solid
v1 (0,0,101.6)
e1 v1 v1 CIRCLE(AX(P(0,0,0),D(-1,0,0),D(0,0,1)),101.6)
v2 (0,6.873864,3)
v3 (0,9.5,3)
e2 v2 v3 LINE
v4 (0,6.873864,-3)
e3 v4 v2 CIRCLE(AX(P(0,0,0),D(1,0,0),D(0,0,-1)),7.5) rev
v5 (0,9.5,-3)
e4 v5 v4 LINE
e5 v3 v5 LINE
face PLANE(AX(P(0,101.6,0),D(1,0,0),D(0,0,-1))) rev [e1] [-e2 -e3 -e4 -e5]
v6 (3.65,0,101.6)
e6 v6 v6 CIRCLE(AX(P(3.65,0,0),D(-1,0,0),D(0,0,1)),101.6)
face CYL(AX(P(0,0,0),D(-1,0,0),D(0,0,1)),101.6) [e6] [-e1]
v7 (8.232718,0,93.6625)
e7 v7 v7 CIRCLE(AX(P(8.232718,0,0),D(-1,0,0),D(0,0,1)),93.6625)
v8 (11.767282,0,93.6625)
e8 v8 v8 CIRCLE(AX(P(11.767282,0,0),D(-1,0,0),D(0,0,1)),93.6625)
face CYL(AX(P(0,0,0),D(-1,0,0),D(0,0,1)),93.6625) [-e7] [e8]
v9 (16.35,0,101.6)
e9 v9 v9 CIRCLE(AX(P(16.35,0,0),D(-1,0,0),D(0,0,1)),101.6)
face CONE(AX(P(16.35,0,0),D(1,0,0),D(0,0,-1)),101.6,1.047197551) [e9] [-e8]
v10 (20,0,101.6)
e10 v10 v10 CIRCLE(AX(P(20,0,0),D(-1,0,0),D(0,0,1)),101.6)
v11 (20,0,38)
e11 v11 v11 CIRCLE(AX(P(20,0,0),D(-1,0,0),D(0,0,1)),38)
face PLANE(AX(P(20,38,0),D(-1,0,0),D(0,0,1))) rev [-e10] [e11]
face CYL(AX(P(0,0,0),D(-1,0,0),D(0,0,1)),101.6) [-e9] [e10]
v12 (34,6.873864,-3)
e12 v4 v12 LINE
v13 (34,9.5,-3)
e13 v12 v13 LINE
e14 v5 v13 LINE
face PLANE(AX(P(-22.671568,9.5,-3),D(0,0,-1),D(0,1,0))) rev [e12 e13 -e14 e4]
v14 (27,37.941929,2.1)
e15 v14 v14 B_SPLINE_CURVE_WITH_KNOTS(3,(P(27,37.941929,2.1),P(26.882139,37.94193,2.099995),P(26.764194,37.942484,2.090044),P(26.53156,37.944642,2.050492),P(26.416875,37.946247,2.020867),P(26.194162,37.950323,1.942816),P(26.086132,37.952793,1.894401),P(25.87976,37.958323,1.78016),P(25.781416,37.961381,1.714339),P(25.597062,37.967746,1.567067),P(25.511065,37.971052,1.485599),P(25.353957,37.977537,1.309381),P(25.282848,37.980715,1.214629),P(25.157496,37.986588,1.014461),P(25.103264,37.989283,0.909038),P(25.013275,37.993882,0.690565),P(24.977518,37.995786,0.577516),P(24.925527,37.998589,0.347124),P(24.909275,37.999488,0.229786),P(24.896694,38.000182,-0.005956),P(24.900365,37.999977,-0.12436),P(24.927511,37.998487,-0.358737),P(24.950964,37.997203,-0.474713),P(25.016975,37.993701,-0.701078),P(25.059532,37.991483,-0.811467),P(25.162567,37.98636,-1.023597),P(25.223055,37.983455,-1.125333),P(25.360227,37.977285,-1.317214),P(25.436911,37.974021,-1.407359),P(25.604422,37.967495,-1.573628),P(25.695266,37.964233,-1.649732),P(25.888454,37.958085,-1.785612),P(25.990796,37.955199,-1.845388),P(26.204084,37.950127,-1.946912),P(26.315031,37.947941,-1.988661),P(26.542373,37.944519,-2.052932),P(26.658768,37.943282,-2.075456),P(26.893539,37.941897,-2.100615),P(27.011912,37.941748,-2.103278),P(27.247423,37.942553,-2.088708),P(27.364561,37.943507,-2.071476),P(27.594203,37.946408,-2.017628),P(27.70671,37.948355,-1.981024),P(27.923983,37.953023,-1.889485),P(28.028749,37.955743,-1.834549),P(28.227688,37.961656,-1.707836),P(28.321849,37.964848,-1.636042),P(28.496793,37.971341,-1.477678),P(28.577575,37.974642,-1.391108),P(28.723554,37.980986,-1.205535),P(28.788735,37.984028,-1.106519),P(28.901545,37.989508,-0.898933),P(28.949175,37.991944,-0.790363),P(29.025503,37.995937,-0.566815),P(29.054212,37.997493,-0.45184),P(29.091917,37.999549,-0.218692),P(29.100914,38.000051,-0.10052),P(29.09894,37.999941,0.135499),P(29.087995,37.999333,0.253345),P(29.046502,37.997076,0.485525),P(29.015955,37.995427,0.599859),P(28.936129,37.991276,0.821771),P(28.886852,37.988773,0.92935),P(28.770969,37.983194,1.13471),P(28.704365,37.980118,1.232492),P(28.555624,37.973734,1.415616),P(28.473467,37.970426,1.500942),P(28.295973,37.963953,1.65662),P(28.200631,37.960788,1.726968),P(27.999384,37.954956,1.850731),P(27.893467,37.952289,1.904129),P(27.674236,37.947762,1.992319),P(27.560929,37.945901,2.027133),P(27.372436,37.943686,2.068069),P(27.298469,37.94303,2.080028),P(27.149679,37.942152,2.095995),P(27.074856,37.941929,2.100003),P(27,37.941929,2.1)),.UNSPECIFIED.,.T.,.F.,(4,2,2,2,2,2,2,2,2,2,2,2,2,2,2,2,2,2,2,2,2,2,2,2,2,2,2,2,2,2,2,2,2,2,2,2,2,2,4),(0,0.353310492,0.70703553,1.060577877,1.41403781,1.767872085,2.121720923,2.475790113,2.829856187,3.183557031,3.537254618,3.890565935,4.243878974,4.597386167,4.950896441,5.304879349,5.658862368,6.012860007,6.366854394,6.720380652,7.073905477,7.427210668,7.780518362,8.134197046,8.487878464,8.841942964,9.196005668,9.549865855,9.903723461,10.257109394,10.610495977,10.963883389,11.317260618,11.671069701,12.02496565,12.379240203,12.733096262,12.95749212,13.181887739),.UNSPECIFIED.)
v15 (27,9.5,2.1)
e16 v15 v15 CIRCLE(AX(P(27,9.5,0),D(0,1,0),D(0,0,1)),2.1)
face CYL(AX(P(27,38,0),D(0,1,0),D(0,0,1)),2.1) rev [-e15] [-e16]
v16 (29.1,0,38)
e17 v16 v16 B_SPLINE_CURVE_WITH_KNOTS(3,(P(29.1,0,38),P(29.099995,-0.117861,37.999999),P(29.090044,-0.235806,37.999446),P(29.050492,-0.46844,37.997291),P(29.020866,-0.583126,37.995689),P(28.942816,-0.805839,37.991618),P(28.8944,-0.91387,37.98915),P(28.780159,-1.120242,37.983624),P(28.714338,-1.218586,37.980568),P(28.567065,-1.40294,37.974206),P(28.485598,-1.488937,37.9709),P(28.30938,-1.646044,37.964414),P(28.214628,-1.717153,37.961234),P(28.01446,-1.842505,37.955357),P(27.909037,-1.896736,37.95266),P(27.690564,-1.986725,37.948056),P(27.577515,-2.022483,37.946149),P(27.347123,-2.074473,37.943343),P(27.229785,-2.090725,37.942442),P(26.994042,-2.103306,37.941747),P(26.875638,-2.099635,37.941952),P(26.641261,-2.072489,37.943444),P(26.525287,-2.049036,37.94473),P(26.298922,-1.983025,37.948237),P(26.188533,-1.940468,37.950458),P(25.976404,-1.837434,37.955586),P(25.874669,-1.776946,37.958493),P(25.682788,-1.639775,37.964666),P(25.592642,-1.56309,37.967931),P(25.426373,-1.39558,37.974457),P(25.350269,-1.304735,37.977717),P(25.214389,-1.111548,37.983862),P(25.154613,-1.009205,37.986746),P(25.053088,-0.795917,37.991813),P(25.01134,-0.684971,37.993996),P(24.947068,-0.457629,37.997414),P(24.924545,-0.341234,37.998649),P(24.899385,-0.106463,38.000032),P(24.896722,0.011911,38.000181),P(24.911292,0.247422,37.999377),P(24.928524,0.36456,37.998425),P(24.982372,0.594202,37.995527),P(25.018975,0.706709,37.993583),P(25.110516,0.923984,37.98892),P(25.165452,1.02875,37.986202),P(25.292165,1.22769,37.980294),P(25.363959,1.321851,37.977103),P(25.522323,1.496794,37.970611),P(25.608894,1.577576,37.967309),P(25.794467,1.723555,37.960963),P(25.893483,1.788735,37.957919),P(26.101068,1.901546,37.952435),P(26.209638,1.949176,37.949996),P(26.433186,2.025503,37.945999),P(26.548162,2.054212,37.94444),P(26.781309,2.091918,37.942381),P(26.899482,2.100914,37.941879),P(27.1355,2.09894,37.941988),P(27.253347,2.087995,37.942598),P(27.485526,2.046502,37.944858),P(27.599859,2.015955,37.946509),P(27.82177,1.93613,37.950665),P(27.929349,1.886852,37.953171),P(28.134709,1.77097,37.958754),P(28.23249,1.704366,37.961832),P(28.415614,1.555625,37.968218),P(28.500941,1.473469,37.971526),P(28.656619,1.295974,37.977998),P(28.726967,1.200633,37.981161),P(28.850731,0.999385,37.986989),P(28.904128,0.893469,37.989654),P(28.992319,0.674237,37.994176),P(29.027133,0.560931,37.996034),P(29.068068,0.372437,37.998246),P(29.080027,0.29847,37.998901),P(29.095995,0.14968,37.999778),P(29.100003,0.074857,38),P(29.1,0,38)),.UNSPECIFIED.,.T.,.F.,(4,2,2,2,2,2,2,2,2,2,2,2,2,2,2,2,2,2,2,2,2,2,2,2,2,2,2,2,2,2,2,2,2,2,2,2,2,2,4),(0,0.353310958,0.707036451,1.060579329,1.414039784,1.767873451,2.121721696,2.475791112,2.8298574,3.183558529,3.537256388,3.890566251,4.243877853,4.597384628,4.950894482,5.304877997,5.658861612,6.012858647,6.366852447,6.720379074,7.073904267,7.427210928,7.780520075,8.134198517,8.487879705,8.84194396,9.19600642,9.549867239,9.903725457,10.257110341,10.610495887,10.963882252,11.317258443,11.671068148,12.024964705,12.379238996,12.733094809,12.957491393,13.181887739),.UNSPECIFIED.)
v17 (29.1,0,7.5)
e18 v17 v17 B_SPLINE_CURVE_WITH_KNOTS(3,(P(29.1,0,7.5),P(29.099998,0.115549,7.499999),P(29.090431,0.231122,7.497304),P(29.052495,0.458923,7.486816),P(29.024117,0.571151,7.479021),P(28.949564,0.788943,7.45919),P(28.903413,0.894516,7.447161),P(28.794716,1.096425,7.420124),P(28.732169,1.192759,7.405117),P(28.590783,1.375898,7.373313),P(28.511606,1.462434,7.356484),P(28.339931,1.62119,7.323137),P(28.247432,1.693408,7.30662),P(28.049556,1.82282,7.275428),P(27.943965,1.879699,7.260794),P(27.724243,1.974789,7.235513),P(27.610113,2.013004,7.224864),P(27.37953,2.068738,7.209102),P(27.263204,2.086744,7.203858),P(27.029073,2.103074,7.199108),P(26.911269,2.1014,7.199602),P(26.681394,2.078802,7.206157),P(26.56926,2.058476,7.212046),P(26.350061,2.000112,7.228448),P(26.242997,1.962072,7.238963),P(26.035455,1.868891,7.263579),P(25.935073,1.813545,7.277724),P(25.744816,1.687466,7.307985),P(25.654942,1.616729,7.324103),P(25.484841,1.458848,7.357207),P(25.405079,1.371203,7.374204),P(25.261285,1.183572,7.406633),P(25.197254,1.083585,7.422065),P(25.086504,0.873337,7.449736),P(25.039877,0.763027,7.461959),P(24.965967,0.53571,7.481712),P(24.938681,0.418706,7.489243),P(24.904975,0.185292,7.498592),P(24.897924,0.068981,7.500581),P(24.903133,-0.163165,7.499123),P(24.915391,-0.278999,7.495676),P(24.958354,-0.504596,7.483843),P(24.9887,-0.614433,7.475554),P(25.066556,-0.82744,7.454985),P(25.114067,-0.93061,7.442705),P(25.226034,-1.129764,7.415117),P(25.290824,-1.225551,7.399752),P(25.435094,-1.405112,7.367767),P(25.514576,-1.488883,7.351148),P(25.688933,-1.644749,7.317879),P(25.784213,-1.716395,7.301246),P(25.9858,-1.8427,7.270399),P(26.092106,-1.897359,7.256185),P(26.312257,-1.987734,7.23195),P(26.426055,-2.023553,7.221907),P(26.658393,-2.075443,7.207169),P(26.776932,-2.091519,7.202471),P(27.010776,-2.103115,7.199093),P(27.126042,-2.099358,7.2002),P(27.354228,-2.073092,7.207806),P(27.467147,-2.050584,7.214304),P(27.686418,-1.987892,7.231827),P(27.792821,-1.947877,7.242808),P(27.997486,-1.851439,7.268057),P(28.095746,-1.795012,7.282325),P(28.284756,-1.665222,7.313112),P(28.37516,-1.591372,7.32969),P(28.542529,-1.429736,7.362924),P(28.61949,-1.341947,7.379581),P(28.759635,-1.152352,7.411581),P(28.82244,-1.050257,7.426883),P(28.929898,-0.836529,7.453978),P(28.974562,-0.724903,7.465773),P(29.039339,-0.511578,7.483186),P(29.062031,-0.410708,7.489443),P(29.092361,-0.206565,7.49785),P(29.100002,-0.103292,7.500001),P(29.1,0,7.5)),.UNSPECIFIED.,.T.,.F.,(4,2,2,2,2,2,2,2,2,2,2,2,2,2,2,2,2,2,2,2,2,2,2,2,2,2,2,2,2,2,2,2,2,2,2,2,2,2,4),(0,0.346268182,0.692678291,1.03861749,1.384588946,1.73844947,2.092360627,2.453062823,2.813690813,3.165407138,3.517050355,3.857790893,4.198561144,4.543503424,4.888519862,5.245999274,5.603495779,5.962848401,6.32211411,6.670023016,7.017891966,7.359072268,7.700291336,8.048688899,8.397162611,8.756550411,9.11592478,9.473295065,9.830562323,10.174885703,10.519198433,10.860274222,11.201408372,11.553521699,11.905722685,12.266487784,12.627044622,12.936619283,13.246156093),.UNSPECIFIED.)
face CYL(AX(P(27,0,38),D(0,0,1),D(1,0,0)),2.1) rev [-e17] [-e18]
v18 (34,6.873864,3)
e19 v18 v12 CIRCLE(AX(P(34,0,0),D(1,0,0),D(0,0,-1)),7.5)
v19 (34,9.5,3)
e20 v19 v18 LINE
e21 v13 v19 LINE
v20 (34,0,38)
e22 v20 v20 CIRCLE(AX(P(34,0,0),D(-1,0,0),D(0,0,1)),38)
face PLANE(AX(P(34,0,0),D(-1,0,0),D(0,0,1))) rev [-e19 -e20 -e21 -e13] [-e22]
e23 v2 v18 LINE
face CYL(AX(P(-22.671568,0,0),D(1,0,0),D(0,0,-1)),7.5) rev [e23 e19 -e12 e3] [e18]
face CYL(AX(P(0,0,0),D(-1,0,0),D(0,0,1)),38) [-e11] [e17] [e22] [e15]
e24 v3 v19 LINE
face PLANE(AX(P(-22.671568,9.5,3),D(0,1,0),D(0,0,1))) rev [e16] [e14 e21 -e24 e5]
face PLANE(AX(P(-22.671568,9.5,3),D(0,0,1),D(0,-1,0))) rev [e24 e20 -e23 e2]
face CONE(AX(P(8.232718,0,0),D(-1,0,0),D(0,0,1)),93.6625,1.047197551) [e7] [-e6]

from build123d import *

# Parameters (mm, degrees)
CORTAR_EXTRUIR1_DEPTH                          = 34
PERFORADOR_PARA_ROSCAR_PARA_MACHO_DE_ROS_D     = 4.2
PERFORADOR_PARA_ROSCAR_PARA_MACHO_DE_ROS_DEPTH = 40
PERFORADOR_PARA_ROSCAR_PARA_MACHO_DE_ROS_TIP   = 1.2618073
PERFORADOR_PARA_ROSCAR_PARA_MACHO_DE_2_D       = 4.2
PERFORADOR_PARA_ROSCAR_PARA_MACHO_DE_2_DEPTH   = 40
PERFORADOR_PARA_ROSCAR_PARA_MACHO_DE_2_TIP     = 1.2618073


with BuildPart() as part:
    # Croquis1 → Revolución1 (revolve)
    with BuildSketch(Plane.XY, mode=Mode.PRIVATE) as revoluci_n1_sk:
        Polygon((0, 0), (34, 0), (34, 38), (20, 38), (20, 101.6), (16.35, 101.6), (11.767282238, 93.6625), (8.232717762, 93.6625), (3.65, 101.6), (0, 101.6), align=None)
    revolve(revoluci_n1_sk.sketch.rotate(Axis((0, 0, 0), (1, 0, 0)), 90), axis=Axis((0, 0, 0), (1, 0, 0)))

    # Croquis2 → Cortar-Extruir1 (cut)
    with BuildSketch(Plane(origin=(34, 0, 0), x_dir=(0, 0, -1), z_dir=(1, 0, 0))):
        with BuildLine():
            Line((-3, 9.5), (3, 9.5))
            Line((3, 9.5), (3, 6.873863542))
            ThreePointArc((3, 6.873863542), (0, -7.5), (-3, 6.873863542))
            Line((-3, 6.873863542), (-3, 9.5))
        make_face()
    extrude(amount=-CORTAR_EXTRUIR1_DEPTH, mode=Mode.SUBTRACT)

    # Perforador para roscar para macho de roscar para M51
    with Locations(Plane(origin=(27, 0, 38), x_dir=(1, 0, 0), z_dir=(0, 0, 1))):
        with Locations((0, 0)):
            Hole(PERFORADOR_PARA_ROSCAR_PARA_MACHO_DE_ROS_D / 2, depth=PERFORADOR_PARA_ROSCAR_PARA_MACHO_DE_ROS_DEPTH)
            with Locations((0, 0, -(PERFORADOR_PARA_ROSCAR_PARA_MACHO_DE_ROS_DEPTH + PERFORADOR_PARA_ROSCAR_PARA_MACHO_DE_ROS_TIP / 2))):  # 118° drill point
                Cone(0, PERFORADOR_PARA_ROSCAR_PARA_MACHO_DE_ROS_D / 2, PERFORADOR_PARA_ROSCAR_PARA_MACHO_DE_ROS_TIP, mode=Mode.SUBTRACT)

    # Perforador para roscar para macho de 2
    with Locations(Plane(origin=(27, 38, 0), x_dir=(0, 0, 1), z_dir=(0, 1, 0))):
        with Locations((0, 0)):
            Hole(PERFORADOR_PARA_ROSCAR_PARA_MACHO_DE_2_D / 2, depth=PERFORADOR_PARA_ROSCAR_PARA_MACHO_DE_2_DEPTH)
            with Locations((0, 0, -(PERFORADOR_PARA_ROSCAR_PARA_MACHO_DE_2_DEPTH + PERFORADOR_PARA_ROSCAR_PARA_MACHO_DE_2_TIP / 2))):  # 118° drill point
                Cone(0, PERFORADOR_PARA_ROSCAR_PARA_MACHO_DE_2_D / 2, PERFORADOR_PARA_ROSCAR_PARA_MACHO_DE_2_TIP, mode=Mode.SUBTRACT)


solid = part.part
